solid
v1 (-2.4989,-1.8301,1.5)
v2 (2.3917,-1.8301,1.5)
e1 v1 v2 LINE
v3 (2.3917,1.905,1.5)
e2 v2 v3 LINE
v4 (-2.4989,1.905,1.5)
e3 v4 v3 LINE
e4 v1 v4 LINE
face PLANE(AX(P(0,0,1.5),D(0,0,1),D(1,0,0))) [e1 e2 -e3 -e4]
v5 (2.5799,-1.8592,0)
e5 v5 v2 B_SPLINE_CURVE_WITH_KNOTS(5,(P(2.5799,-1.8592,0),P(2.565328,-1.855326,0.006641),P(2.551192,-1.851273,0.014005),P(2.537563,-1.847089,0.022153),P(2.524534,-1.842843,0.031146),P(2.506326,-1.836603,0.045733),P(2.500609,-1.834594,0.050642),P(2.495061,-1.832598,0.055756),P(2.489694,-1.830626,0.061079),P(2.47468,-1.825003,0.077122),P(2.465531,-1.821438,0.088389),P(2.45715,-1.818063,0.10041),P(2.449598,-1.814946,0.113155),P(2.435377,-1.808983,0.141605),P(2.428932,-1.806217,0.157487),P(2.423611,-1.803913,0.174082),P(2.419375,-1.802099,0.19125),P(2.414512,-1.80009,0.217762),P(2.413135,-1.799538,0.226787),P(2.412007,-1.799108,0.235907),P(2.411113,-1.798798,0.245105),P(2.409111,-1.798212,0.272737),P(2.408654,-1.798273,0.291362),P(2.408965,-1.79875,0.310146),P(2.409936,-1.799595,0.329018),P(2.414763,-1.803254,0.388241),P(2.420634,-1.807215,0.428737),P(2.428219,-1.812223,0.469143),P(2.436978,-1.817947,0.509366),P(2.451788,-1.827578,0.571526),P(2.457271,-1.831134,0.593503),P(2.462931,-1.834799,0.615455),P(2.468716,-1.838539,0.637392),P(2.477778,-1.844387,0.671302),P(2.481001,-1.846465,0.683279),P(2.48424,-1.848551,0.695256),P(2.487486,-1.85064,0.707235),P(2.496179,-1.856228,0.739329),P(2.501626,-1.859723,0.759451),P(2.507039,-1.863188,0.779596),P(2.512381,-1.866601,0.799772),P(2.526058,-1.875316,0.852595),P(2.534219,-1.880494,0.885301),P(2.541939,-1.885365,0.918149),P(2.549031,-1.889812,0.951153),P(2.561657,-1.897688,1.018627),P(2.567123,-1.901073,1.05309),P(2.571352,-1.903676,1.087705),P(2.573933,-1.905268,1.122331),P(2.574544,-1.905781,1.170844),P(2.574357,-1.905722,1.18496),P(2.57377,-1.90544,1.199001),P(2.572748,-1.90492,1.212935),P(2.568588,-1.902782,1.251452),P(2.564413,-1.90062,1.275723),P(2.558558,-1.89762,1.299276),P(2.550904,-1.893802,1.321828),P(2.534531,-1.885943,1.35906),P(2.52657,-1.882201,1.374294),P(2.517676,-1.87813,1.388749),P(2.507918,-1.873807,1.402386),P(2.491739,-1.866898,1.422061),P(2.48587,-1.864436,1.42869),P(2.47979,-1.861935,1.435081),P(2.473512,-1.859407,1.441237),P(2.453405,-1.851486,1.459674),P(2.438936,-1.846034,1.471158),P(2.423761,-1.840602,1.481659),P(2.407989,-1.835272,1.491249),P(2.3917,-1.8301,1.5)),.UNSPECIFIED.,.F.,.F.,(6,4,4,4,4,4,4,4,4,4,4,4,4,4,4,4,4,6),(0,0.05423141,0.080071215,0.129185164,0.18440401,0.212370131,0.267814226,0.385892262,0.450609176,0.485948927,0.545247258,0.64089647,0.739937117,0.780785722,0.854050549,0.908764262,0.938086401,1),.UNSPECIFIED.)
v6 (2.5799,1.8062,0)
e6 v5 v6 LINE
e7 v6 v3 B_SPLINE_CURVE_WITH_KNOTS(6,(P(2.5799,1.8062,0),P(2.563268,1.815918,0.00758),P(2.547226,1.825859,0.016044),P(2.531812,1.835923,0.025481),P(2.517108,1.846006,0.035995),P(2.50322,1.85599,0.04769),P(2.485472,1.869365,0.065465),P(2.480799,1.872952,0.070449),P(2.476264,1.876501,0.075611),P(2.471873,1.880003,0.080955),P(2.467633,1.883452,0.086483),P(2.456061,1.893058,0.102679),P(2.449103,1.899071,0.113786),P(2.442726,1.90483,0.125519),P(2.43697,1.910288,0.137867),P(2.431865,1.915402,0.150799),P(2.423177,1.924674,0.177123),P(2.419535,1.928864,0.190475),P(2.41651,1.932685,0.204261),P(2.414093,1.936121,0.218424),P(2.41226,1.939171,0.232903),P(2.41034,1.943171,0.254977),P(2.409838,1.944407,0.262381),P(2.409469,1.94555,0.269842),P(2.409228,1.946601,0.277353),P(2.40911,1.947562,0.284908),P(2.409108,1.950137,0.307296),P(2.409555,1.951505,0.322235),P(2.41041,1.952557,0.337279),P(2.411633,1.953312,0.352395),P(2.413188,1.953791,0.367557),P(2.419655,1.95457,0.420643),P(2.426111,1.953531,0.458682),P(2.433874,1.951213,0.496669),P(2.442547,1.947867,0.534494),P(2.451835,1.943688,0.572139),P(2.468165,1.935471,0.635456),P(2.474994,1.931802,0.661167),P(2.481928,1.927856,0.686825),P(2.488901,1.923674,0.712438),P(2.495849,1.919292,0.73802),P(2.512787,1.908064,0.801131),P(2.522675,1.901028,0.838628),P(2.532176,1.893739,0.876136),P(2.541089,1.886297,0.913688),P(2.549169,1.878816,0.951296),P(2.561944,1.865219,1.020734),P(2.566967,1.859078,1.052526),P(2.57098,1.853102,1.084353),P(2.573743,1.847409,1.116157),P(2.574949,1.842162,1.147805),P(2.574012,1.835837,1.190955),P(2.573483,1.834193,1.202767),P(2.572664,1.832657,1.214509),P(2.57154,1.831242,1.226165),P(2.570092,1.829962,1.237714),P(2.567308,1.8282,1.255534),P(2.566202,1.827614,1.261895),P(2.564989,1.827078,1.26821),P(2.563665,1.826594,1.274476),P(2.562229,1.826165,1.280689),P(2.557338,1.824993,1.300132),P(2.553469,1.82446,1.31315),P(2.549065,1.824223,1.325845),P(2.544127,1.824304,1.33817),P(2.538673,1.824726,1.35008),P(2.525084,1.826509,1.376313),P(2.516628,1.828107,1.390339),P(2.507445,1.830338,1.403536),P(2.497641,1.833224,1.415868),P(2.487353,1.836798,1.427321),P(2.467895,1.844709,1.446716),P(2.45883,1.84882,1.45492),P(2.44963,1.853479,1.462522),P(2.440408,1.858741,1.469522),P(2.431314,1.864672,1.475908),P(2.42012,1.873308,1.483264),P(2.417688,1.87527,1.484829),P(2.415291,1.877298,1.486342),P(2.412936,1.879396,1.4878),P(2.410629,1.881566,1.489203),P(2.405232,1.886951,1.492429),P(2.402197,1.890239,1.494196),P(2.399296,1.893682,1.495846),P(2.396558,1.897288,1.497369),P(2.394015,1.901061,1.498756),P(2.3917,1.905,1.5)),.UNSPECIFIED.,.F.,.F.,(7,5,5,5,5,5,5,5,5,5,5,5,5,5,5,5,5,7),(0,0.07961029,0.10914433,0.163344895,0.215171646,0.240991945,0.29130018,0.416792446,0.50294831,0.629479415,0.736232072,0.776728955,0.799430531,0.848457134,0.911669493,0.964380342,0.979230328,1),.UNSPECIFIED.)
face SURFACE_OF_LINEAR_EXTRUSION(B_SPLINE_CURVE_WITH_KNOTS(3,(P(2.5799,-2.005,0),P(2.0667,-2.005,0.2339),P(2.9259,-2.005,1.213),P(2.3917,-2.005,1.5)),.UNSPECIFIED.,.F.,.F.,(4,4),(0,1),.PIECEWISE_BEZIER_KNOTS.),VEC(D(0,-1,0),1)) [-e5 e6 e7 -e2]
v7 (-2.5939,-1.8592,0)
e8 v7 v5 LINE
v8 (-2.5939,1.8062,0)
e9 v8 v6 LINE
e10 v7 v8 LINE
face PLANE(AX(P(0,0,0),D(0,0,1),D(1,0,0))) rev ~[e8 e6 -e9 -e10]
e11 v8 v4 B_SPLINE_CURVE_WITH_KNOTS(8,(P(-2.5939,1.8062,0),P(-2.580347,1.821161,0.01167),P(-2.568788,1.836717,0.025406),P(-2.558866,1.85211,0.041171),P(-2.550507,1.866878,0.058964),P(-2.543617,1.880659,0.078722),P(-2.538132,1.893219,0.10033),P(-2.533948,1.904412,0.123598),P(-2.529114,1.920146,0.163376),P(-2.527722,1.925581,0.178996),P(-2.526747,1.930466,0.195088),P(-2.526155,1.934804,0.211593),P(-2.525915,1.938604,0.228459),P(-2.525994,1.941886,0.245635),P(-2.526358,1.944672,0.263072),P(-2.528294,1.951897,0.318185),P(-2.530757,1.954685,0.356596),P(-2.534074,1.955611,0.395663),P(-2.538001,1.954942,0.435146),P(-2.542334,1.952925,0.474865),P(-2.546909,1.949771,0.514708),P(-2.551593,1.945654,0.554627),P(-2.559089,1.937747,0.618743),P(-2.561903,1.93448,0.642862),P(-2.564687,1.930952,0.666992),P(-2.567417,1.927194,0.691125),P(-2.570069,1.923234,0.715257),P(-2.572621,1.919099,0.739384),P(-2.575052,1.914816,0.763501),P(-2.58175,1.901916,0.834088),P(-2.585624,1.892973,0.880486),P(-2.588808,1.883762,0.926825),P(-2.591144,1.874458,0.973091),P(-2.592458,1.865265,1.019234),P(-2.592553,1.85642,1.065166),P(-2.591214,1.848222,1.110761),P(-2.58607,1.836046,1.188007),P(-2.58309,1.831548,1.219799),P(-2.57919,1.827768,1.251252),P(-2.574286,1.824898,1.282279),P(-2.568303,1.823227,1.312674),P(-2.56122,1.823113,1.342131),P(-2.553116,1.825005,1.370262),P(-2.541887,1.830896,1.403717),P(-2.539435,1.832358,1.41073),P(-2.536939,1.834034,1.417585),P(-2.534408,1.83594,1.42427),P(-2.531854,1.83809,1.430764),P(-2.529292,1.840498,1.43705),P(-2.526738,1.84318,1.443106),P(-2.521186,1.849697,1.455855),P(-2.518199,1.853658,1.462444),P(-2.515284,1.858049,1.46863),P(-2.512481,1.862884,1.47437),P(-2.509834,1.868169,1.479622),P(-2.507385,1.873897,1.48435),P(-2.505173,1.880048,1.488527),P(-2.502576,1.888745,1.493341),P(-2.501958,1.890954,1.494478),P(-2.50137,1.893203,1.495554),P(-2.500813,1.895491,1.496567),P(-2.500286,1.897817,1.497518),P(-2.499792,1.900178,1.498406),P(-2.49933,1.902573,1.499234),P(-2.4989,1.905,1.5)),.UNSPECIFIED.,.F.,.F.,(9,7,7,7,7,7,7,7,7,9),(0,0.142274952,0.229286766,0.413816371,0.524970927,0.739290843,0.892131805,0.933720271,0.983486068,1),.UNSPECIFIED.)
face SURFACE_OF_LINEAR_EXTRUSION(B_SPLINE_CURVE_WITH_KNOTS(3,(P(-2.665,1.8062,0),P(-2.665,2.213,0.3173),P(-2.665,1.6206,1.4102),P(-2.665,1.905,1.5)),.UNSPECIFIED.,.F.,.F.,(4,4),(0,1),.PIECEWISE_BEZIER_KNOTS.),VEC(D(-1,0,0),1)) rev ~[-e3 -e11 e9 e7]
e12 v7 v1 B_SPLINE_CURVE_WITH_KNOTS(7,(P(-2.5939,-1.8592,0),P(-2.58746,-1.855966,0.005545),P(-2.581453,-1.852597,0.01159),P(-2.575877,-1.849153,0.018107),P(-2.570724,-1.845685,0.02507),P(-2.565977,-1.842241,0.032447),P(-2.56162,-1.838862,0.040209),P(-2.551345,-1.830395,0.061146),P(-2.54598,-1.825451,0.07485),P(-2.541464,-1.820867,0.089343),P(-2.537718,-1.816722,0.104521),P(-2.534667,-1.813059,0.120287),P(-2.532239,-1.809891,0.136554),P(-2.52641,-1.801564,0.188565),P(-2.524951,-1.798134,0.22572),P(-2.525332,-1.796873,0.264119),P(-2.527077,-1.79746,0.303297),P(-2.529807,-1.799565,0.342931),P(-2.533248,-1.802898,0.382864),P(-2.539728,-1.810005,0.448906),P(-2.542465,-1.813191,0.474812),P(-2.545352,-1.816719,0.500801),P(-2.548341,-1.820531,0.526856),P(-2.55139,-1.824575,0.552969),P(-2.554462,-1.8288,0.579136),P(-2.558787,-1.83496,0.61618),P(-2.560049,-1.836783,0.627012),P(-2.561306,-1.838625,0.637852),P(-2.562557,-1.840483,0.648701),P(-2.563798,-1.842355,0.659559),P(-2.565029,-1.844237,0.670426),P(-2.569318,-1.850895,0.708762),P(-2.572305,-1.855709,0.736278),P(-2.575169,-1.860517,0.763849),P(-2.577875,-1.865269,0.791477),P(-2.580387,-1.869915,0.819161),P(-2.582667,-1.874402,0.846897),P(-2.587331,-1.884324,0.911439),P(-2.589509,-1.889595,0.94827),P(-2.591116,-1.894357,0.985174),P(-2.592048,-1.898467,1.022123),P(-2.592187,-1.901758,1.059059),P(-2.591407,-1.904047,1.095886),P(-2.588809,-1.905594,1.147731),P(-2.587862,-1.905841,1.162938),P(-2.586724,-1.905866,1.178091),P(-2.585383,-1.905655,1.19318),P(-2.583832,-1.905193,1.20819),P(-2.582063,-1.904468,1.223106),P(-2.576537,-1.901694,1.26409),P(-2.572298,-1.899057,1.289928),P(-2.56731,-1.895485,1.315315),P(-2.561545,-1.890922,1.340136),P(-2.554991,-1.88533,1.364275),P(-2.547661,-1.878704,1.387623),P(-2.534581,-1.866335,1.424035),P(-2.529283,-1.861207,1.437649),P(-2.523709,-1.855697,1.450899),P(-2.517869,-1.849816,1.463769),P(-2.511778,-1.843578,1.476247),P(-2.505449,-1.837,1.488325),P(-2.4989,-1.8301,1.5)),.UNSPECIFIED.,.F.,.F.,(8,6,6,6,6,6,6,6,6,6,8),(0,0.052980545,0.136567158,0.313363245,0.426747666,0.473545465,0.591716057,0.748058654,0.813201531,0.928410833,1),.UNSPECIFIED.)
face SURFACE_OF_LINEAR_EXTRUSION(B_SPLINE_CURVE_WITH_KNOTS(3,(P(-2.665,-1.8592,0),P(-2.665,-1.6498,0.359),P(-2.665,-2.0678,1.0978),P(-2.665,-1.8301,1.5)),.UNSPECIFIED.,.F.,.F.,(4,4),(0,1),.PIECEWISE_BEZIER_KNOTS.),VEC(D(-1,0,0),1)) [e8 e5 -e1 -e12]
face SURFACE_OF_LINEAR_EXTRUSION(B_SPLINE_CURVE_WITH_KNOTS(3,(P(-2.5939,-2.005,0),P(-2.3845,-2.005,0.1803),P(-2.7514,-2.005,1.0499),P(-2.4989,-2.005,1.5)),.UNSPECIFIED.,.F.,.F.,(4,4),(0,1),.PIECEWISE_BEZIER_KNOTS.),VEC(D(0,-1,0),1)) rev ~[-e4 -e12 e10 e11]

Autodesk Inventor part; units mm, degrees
ref_plane "YZ Plane" through (0, 0, 0) normal (1, 0, 0) x (0, 1, 0)
ref_plane "XZ Plane" through (0, 0, 0) normal (0, 1, 0) x (-1, 0, 0)
ref_plane "XY Plane" through (0, 0, 0) normal (0, 0, 1) x (1, 0, 0)
sketch "Эскиз1" plane through (0, 0, 0) normal (0, 0, 1) x (1, 0, 0)
  line L0 (-2.365, 1.705) -> (-2.365, -1.705) projected
  line L1 (-2.365, -1.705) -> (-1.665, -1.705) projected
  line L2 (2.365, 1.705) -> (1.665, 1.705) projected
  line L3 (2.365, -1.705) -> (2.365, 1.705) projected
  line L4 (-2.665, -2.005) -> (2.665, -2.005)
  line L5 (2.665, -2.005) -> (2.665, 2.005)
  line L6 (2.665, 2.005) -> (-2.665, 2.005)
  line L7 (-2.665, 2.005) -> (-2.665, -2.005)
  point P0 (0, 0)
  dimension "d0" = 0.3
  dimension "d1" = 0.3
  dimension "d2" = 0.3
  dimension "d3" = 0.3
extrude "Выдавливание1" add sketch "Эскиз1" along normal blind 1.5
ref_plane "РабПлоскость1" through (-2.665, 2.005, 0) normal (-1, 0, 0) x (0, -1, 0)
ref_plane "РабПлоскость2" through (-2.665, -2.005, 0) normal (0, -1, 0) x (1, 0, 0)
sketch "Эскиз2" plane through (-2.665, -2.005, 0) normal (0, -1, 0) x (1, 0, 0)
  line L0 (5.33, 1.5) -> (0, 1.5) projected
  line L1 (0, 0) -> (0, 1.5) projected
  line L2 (0, 0) -> (5.33, 0) projected
  line L3 (5.33, 0) -> (5.33, 1.5) projected
  spline S0 degree 3 poles (5.2449, 0) (4.7317, 0.2339) (5.5909, 1.213) (5.0567, 1.5) knots 0 0 0 0 1 1 1 1
  spline S1 degree 3 poles (0.0711, 0) (0.2805, 0.1803) (-0.0864, 1.0499) (0.1661, 1.5) knots 0 0 0 0 1 1 1 1
  point P0 (2.665, 0)
  point P1 (5.0772, 0.3564)
  point P2 (5.2329, 1.0651)
  point P3 (0.1387, 0.2211)
  point P4 (0.0821, 0.8519)
extrude "Выдавливание2" cut sketch "Эскиз2" against normal through all contours L3 L2 S0 L0 | S1 L2 L1 L0
sketch "Эскиз3" plane through (-2.665, 2.005, 0) normal (-1, 0, 0) x (0, -1, 0)
  line L0 (0, 0) -> (0, 1.5) projected
  line L1 (4.01, 0) -> (0, 0) projected
  line L2 (4.01, 1.5) -> (4.01, 0) projected
  line L3 (0, 1.5) -> (4.01, 1.5) projected
  spline S0 degree 3 poles (3.8642, 0) (3.6548, 0.359) (4.0728, 1.0978) (3.8351, 1.5) knots 0 0 0 0 1 1 1 1
  spline S1 degree 3 poles (0.1988, 0) (-0.208, 0.3173) (0.3844, 1.4102) (0.1, 1.5) knots 0 0 0 0 1 1 1 1
  point P0 (2.005, 0)
  point P1 (3.8109, 0.4111)
  point P2 (3.9029, 1.023)
  point P3 (0.0634, 0.5877)
  point P4 (0.1805, 1.327)
extrude "Выдавливание3" cut sketch "Эскиз3" against normal through all contours L0 L3 S1 L1 | S0 L3 L2 L1
properties part number "GP-WSM010 board"
